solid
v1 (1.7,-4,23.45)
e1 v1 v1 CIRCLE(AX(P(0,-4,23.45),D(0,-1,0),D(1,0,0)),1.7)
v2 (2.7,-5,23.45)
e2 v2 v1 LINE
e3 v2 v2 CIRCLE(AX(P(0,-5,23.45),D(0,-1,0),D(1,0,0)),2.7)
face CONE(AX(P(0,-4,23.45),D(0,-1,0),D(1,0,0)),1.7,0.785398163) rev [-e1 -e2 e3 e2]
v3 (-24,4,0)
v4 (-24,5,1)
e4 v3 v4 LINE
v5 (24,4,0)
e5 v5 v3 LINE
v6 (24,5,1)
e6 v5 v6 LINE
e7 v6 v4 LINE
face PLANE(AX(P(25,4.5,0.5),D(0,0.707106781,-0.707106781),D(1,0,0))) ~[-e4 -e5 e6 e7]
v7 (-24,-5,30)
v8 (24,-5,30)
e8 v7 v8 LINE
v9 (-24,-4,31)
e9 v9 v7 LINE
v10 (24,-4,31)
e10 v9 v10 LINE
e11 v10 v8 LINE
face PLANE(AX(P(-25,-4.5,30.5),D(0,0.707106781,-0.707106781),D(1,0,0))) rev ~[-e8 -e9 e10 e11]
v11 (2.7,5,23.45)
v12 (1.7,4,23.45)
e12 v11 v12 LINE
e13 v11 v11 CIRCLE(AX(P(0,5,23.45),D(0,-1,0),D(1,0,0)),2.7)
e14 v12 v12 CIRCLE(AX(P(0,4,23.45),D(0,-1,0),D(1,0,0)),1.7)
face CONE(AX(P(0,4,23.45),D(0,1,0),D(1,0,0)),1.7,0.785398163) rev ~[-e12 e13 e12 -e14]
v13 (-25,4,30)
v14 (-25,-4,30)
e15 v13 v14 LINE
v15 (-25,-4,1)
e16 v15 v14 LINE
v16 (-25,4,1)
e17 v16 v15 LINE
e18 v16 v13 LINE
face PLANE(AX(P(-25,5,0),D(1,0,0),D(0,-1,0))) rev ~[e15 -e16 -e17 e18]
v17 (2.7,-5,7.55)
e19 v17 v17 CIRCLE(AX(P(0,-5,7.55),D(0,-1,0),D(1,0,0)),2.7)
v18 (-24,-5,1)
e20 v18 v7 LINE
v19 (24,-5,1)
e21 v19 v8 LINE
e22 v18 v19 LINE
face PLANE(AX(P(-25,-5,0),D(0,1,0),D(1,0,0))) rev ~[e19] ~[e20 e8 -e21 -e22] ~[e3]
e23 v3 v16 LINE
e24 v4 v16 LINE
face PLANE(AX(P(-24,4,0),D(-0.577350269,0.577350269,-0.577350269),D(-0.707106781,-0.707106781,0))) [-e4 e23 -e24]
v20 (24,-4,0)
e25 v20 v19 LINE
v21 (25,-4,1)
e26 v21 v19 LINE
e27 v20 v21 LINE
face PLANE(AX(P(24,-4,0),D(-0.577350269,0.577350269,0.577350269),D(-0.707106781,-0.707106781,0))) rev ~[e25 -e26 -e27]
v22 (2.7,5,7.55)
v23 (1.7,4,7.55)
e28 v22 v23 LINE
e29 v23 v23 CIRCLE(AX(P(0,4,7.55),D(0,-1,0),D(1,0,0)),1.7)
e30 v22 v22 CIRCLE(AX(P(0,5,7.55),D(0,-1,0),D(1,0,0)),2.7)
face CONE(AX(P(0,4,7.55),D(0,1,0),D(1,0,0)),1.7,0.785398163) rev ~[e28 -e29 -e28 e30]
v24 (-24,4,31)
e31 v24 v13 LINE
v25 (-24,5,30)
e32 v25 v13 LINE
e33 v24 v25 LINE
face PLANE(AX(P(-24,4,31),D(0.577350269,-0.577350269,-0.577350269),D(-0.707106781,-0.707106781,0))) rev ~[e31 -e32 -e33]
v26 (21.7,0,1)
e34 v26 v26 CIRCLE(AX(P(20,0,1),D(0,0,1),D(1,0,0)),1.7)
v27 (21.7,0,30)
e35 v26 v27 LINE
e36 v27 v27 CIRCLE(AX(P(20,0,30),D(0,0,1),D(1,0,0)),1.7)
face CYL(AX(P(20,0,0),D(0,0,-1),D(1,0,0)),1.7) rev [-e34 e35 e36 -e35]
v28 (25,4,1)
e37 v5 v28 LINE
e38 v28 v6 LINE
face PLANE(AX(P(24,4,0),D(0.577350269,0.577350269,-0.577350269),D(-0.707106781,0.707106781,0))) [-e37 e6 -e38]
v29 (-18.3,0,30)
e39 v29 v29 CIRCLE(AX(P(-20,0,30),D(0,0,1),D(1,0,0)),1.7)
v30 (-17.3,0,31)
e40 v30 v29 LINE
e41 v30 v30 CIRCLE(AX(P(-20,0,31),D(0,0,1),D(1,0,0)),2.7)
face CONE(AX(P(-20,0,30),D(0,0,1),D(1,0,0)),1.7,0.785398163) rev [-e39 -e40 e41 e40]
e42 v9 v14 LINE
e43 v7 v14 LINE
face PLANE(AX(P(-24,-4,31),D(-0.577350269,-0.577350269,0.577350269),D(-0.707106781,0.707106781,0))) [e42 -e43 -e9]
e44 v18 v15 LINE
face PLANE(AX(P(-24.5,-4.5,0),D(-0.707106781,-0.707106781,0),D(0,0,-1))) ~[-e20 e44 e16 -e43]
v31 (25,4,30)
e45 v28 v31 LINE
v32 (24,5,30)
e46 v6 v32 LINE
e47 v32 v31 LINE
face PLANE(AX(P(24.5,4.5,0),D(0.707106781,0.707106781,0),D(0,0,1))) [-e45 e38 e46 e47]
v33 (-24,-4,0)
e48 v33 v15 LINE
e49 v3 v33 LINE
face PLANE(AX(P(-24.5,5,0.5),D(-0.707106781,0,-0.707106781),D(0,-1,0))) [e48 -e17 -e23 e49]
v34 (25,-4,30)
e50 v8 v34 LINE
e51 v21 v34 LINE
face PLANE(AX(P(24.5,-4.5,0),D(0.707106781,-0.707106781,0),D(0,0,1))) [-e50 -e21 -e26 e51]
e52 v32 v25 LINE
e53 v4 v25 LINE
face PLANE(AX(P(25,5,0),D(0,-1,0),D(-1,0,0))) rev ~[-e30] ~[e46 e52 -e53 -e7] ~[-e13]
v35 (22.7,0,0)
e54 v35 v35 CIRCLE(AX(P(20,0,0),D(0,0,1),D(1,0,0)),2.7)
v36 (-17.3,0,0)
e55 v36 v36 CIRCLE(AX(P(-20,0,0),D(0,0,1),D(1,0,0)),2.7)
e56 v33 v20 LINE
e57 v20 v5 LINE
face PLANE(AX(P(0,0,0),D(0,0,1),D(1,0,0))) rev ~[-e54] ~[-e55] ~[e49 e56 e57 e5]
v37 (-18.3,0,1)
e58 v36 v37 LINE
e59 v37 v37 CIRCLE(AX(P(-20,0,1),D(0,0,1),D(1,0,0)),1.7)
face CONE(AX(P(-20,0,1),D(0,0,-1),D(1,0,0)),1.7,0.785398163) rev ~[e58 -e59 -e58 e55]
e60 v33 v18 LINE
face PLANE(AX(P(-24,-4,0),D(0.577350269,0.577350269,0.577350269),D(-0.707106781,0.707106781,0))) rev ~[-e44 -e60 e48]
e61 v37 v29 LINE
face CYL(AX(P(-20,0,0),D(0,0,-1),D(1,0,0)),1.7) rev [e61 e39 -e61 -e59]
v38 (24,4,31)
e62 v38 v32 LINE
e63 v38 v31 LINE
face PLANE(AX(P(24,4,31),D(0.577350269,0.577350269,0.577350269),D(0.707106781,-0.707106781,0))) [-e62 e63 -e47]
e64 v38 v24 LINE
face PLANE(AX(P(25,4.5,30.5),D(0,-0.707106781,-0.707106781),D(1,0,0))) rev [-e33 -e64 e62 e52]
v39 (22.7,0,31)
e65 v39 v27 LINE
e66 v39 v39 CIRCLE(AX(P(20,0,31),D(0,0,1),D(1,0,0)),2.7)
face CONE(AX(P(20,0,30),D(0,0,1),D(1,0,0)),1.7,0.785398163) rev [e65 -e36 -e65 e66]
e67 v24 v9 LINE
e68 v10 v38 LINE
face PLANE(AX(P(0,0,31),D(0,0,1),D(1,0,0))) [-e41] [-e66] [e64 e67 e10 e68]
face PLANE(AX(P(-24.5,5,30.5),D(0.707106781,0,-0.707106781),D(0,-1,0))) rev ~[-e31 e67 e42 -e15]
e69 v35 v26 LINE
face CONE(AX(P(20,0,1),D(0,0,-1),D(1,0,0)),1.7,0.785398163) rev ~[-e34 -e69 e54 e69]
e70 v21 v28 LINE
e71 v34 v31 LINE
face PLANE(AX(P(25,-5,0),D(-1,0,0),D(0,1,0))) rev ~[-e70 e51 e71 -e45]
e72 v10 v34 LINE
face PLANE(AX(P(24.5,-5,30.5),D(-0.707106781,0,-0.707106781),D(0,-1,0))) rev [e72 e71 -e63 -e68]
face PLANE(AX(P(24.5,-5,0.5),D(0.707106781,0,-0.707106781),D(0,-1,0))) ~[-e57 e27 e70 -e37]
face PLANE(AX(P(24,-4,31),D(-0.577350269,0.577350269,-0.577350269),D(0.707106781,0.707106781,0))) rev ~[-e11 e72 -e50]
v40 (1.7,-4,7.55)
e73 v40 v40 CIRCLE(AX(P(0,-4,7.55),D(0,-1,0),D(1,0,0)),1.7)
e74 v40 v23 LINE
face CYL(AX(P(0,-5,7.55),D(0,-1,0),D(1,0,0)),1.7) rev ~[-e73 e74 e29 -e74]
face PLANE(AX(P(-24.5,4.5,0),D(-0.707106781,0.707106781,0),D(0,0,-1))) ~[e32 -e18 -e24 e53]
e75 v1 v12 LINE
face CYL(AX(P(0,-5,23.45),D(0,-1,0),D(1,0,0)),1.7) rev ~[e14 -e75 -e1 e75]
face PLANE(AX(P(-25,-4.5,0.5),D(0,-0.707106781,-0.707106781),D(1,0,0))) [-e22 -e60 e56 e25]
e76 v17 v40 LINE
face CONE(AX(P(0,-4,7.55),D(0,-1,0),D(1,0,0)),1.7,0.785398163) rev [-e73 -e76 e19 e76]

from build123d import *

# Parameters (mm, degrees)
SKETCH_R        = 1.7
PAD_DEPTH       = 31
SKETCH001_R     = 1.7
POCKET_DEPTH    = 18
CHAMFER_SIZE    = 1
CHAMFER001_SIZE = 1
CHAMFER002_SIZE = 1


with BuildPart() as part:
    # Sketch → Pad (new body)
    with BuildSketch(Plane.XY):
        Polygon((25, 0), (25, 5), (-25, 5), (-25, 0), (-25, -5), (25, -5), align=None)
        with Locations((-20, 0)):
            Circle(SKETCH_R, mode=Mode.SUBTRACT)
        with Locations((20, 0)):
            Circle(SKETCH_R, mode=Mode.SUBTRACT)
    extrude(amount=PAD_DEPTH)

    # Sketch001 (on Face3 of Pad) → Pocket (cut)
    with BuildSketch(Plane.XZ.offset(5)):
        with Locations((0, 23.45)):
            Circle(SKETCH001_R)
        with Locations((0, 7.55)):
            Circle(SKETCH001_R)
    extrude(amount=-POCKET_DEPTH, mode=Mode.SUBTRACT)

    # Chamfer
    chamfer_edges = [part.edges().sort_by_distance(p)[0] for p in [
        (-21.7, 0, 31),
        (18.3, 0, 31),
        (-21.7, 0, 0),
        (18.3, 0, 0),
    ]]
    chamfer(chamfer_edges, length=CHAMFER_SIZE)

    # Chamfer001
    chamfer001_edges = [part.edges().sort_by_distance(p)[0] for p in [
        (-1.7, -5, 23.45),
        (-1.7, -5, 7.55),
        (-1.7, 5, 7.55),
        (-1.7, 5, 23.45),
    ]]
    chamfer(chamfer001_edges, length=CHAMFER001_SIZE)

    # Chamfer002
    chamfer002_edges = [part.edges().sort_by_distance(p)[0] for p in [
        (25, 5, 15.5),
        (25, -5, 15.5),
        (-25, -5, 15.5),
        (-25, 5, 15.5),
        (0, 5, 31),
        (0, -5, 31),
        (-25, 0, 31),
        (25, 0, 31),
        (25, 0, 0),
        (0, -5, 0),
        (0, 5, 0),
        (-25, 0, 0),
    ]]
    chamfer(chamfer002_edges, length=CHAMFER002_SIZE)


solid = part.part
